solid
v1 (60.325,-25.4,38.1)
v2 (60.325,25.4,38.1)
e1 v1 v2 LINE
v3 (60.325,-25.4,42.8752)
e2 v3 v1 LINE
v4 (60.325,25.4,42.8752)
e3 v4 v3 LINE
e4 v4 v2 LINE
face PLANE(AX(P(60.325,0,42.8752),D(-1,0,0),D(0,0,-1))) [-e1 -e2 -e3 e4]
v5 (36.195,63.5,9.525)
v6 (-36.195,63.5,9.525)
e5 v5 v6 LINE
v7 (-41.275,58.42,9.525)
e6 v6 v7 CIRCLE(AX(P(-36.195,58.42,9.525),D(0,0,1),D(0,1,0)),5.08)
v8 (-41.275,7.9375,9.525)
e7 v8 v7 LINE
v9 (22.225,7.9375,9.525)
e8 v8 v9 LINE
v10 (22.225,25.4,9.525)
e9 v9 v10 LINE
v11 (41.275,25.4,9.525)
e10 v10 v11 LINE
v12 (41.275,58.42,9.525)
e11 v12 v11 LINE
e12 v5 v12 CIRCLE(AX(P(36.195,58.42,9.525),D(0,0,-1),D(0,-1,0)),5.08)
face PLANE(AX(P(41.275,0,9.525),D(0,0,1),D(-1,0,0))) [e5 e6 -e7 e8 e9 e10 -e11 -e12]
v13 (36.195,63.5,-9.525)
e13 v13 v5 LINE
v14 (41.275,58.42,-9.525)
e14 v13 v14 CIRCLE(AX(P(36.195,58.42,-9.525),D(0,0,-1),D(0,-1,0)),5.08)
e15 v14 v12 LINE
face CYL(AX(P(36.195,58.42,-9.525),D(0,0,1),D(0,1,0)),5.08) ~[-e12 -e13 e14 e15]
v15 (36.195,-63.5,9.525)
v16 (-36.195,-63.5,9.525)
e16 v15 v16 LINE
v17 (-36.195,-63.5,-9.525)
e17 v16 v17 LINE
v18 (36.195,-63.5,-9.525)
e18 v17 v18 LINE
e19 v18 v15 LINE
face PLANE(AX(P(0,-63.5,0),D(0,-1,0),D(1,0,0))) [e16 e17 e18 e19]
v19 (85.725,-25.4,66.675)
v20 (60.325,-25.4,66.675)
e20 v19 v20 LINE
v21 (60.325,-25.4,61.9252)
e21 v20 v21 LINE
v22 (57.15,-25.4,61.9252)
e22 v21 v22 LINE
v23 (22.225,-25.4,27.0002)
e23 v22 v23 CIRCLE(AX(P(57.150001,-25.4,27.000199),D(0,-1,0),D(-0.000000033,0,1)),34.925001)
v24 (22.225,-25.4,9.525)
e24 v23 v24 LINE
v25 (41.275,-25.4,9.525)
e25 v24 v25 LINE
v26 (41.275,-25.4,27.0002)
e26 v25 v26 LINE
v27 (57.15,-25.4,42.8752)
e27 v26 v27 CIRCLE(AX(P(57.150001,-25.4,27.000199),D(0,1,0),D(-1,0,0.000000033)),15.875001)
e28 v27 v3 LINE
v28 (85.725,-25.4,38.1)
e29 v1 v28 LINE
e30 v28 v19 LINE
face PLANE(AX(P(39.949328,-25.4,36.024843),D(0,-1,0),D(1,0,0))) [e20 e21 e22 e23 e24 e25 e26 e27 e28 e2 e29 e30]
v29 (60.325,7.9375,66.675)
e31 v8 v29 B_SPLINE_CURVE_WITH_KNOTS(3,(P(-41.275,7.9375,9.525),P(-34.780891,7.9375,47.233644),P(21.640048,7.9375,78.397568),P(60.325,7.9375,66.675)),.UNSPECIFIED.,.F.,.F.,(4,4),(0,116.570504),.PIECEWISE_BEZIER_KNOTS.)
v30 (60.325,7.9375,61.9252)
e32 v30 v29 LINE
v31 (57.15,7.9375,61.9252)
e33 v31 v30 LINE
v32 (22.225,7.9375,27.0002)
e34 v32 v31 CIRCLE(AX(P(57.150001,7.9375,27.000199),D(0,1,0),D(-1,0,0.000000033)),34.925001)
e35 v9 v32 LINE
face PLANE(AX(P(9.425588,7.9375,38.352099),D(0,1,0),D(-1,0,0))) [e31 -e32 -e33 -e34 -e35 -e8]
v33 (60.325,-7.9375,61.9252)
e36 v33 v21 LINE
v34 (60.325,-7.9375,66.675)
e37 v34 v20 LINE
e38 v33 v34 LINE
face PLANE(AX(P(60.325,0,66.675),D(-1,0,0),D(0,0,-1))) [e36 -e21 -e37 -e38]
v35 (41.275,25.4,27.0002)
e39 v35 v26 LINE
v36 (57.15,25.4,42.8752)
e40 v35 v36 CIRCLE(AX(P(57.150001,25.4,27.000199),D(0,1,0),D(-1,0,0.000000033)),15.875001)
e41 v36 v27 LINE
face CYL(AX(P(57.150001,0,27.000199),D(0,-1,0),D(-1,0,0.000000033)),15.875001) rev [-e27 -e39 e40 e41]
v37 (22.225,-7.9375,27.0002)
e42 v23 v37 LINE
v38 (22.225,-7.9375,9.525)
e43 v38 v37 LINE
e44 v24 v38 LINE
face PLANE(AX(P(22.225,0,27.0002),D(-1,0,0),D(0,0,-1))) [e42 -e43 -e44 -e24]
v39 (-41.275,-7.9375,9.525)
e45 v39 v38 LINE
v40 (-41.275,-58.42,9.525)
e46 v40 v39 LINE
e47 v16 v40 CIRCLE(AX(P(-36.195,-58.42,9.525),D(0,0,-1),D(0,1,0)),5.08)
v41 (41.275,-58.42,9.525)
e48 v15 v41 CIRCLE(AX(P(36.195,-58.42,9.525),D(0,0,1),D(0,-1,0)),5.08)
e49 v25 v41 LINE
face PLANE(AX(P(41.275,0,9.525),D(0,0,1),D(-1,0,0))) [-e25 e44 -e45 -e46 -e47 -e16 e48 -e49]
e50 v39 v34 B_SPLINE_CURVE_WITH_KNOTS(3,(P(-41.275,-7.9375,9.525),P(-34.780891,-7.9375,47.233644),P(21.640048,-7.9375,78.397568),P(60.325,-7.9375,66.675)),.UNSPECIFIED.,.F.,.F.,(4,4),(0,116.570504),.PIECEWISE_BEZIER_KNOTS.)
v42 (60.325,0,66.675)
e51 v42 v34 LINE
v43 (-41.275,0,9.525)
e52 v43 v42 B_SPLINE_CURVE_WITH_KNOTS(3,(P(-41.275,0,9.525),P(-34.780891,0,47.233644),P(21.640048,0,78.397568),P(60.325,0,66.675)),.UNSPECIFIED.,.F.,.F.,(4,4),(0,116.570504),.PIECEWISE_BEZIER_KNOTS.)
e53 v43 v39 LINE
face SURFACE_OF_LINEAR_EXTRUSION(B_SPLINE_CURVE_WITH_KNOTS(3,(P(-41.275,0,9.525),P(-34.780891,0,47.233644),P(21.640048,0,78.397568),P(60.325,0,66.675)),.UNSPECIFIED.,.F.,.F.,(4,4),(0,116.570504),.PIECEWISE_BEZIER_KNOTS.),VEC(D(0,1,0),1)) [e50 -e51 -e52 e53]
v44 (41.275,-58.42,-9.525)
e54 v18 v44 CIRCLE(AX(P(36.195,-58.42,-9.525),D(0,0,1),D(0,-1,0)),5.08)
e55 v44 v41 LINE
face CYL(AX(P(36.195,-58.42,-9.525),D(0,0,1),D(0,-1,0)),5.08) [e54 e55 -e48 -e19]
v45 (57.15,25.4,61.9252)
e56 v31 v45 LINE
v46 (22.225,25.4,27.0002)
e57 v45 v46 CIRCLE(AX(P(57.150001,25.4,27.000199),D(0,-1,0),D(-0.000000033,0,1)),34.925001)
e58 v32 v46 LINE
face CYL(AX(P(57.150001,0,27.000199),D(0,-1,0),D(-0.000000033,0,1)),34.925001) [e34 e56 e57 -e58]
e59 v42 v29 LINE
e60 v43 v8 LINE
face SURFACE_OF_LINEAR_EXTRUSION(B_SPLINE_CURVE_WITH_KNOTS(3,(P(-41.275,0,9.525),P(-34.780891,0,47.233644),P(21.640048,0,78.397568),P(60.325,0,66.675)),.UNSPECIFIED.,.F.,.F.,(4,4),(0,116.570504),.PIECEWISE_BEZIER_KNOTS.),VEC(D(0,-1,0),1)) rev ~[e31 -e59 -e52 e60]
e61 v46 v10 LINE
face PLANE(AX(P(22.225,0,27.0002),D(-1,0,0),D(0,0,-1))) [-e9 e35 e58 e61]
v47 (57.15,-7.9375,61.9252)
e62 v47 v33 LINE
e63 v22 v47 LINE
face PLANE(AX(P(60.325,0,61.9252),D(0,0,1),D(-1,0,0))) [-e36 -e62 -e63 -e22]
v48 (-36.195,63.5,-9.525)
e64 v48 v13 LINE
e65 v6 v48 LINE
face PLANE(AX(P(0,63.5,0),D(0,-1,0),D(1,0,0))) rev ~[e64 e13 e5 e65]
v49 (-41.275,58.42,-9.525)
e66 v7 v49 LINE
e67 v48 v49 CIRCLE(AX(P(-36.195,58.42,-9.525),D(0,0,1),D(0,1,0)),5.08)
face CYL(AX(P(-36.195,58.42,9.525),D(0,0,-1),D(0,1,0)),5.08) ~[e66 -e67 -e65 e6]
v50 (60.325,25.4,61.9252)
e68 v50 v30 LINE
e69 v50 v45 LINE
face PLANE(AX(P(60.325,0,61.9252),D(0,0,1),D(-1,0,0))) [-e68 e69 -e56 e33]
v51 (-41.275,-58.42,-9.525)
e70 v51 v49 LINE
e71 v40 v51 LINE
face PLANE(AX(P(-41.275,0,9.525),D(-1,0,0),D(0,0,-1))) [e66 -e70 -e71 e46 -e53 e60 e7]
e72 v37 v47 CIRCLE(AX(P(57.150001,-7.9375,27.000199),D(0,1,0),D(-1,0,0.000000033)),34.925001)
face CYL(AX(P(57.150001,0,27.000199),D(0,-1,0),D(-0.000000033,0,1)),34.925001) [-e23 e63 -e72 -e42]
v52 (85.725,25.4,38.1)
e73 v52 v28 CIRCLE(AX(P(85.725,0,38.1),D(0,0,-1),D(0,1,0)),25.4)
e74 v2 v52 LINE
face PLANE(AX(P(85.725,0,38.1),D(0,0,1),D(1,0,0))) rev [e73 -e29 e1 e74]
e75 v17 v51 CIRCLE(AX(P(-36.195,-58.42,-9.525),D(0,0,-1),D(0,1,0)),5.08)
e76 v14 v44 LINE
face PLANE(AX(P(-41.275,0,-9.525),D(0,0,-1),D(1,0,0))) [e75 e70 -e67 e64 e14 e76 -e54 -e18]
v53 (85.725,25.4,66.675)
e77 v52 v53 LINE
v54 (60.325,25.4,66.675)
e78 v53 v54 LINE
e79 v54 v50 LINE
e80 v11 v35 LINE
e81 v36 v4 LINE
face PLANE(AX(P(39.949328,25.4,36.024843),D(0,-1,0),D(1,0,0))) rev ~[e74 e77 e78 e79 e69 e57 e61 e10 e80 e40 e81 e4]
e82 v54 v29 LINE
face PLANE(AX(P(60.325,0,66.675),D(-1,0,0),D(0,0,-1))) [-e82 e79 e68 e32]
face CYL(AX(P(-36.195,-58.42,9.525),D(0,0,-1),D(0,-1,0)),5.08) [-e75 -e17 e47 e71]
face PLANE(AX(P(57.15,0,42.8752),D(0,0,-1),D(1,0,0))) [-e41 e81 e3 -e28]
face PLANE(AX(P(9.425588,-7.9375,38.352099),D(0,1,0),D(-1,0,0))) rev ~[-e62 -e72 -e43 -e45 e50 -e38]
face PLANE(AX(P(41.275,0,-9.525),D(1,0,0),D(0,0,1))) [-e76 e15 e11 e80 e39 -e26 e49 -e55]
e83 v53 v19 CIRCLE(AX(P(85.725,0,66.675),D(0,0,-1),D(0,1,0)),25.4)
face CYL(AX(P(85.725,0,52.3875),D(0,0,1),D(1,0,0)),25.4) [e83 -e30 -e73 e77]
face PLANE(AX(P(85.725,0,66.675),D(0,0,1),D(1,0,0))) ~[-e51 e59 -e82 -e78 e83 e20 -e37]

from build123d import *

# Parameters (mm, degrees)
F1_DEPTH = 63.5
F2_DEPTH = 25.4
F3_DEPTH = 7.9375
F0_W     = 25.4
F0_H     = 28.575
F5_R     = 5.08


with BuildPart() as f1:
    # F0 (on Front) → F1 (new body, symmetric)
    with BuildSketch(Plane.XZ):
        Polygon((-41.275, -9.525), (41.275, -9.525), (41.275, 9.525), (22.225, 9.525), (-41.275, 9.525), align=None)
    extrude(amount=F1_DEPTH, both=True)

    # F0 (on Front) → F2 (join, symmetric)
    with BuildSketch(Plane.XZ):
        with BuildLine():
            Line((22.225, 9.525), (41.275, 9.525))
            Line((41.275, 9.525), (41.275, 27.0002))
            ThreePointArc((41.275, 27.0002), (45.92468, 38.22552), (57.15, 42.8752))
            Line((57.15, 42.8752), (60.325, 42.8752))
            Line((60.325, 42.8752), (60.325, 61.9252))
            Line((60.325, 61.9252), (57.15, 61.9252))
            ThreePointArc((57.15, 61.9252), (32.454296, 51.695904), (22.225, 27.0002))
            Line((22.225, 27.0002), (22.225, 9.525))
        make_face()
        Polygon((85.725, 66.675), (60.325, 66.675), (60.325, 61.9252), (60.325, 42.8752), (60.325, 38.1), (85.725, 38.1), align=None)
    extrude(amount=F2_DEPTH, both=True)

    # F0 (on Front) → F3 (join, symmetric)
    with BuildSketch(Plane.XZ):
        with BuildLine():
            add(Edge.make_bspline(
                [(-41.275, 9.525), (-34.780891, 47.233644), (21.640048, 78.397568), (60.325, 66.675)],
                knots=[0, 0, 0, 0, 116.570504, 116.570504, 116.570504, 116.570504], degree=3))
            Line((-41.275, 9.525), (22.225, 9.525))
            Line((22.225, 9.525), (22.225, 27.0002))
            ThreePointArc((22.225, 27.0002), (32.454296, 51.695904), (57.15, 61.9252))
            Line((57.15, 61.9252), (60.325, 61.9252))
            Line((60.325, 61.9252), (60.325, 66.675))
        make_face()
    extrude(amount=F3_DEPTH, both=True)

    # F0 (on Front) → F4 (revolve)
    with BuildSketch(Plane.XZ):
        with Locations((98.425, 52.3875)):
            Rectangle(F0_W, F0_H)
    revolve(axis=Axis((85.725, 0, 52.3875), (0, 0, 1)))

    # F5
    f5_edges = [f1.edges().sort_by_distance(p)[0] for p in [
        (41.275, -63.5, 0),
        (-41.275, -63.5, 0),
        (-41.275, 63.5, 0),
        (41.275, 63.5, 0),
    ]]
    fillet(f5_edges, radius=F5_R)


solid = f1.part
